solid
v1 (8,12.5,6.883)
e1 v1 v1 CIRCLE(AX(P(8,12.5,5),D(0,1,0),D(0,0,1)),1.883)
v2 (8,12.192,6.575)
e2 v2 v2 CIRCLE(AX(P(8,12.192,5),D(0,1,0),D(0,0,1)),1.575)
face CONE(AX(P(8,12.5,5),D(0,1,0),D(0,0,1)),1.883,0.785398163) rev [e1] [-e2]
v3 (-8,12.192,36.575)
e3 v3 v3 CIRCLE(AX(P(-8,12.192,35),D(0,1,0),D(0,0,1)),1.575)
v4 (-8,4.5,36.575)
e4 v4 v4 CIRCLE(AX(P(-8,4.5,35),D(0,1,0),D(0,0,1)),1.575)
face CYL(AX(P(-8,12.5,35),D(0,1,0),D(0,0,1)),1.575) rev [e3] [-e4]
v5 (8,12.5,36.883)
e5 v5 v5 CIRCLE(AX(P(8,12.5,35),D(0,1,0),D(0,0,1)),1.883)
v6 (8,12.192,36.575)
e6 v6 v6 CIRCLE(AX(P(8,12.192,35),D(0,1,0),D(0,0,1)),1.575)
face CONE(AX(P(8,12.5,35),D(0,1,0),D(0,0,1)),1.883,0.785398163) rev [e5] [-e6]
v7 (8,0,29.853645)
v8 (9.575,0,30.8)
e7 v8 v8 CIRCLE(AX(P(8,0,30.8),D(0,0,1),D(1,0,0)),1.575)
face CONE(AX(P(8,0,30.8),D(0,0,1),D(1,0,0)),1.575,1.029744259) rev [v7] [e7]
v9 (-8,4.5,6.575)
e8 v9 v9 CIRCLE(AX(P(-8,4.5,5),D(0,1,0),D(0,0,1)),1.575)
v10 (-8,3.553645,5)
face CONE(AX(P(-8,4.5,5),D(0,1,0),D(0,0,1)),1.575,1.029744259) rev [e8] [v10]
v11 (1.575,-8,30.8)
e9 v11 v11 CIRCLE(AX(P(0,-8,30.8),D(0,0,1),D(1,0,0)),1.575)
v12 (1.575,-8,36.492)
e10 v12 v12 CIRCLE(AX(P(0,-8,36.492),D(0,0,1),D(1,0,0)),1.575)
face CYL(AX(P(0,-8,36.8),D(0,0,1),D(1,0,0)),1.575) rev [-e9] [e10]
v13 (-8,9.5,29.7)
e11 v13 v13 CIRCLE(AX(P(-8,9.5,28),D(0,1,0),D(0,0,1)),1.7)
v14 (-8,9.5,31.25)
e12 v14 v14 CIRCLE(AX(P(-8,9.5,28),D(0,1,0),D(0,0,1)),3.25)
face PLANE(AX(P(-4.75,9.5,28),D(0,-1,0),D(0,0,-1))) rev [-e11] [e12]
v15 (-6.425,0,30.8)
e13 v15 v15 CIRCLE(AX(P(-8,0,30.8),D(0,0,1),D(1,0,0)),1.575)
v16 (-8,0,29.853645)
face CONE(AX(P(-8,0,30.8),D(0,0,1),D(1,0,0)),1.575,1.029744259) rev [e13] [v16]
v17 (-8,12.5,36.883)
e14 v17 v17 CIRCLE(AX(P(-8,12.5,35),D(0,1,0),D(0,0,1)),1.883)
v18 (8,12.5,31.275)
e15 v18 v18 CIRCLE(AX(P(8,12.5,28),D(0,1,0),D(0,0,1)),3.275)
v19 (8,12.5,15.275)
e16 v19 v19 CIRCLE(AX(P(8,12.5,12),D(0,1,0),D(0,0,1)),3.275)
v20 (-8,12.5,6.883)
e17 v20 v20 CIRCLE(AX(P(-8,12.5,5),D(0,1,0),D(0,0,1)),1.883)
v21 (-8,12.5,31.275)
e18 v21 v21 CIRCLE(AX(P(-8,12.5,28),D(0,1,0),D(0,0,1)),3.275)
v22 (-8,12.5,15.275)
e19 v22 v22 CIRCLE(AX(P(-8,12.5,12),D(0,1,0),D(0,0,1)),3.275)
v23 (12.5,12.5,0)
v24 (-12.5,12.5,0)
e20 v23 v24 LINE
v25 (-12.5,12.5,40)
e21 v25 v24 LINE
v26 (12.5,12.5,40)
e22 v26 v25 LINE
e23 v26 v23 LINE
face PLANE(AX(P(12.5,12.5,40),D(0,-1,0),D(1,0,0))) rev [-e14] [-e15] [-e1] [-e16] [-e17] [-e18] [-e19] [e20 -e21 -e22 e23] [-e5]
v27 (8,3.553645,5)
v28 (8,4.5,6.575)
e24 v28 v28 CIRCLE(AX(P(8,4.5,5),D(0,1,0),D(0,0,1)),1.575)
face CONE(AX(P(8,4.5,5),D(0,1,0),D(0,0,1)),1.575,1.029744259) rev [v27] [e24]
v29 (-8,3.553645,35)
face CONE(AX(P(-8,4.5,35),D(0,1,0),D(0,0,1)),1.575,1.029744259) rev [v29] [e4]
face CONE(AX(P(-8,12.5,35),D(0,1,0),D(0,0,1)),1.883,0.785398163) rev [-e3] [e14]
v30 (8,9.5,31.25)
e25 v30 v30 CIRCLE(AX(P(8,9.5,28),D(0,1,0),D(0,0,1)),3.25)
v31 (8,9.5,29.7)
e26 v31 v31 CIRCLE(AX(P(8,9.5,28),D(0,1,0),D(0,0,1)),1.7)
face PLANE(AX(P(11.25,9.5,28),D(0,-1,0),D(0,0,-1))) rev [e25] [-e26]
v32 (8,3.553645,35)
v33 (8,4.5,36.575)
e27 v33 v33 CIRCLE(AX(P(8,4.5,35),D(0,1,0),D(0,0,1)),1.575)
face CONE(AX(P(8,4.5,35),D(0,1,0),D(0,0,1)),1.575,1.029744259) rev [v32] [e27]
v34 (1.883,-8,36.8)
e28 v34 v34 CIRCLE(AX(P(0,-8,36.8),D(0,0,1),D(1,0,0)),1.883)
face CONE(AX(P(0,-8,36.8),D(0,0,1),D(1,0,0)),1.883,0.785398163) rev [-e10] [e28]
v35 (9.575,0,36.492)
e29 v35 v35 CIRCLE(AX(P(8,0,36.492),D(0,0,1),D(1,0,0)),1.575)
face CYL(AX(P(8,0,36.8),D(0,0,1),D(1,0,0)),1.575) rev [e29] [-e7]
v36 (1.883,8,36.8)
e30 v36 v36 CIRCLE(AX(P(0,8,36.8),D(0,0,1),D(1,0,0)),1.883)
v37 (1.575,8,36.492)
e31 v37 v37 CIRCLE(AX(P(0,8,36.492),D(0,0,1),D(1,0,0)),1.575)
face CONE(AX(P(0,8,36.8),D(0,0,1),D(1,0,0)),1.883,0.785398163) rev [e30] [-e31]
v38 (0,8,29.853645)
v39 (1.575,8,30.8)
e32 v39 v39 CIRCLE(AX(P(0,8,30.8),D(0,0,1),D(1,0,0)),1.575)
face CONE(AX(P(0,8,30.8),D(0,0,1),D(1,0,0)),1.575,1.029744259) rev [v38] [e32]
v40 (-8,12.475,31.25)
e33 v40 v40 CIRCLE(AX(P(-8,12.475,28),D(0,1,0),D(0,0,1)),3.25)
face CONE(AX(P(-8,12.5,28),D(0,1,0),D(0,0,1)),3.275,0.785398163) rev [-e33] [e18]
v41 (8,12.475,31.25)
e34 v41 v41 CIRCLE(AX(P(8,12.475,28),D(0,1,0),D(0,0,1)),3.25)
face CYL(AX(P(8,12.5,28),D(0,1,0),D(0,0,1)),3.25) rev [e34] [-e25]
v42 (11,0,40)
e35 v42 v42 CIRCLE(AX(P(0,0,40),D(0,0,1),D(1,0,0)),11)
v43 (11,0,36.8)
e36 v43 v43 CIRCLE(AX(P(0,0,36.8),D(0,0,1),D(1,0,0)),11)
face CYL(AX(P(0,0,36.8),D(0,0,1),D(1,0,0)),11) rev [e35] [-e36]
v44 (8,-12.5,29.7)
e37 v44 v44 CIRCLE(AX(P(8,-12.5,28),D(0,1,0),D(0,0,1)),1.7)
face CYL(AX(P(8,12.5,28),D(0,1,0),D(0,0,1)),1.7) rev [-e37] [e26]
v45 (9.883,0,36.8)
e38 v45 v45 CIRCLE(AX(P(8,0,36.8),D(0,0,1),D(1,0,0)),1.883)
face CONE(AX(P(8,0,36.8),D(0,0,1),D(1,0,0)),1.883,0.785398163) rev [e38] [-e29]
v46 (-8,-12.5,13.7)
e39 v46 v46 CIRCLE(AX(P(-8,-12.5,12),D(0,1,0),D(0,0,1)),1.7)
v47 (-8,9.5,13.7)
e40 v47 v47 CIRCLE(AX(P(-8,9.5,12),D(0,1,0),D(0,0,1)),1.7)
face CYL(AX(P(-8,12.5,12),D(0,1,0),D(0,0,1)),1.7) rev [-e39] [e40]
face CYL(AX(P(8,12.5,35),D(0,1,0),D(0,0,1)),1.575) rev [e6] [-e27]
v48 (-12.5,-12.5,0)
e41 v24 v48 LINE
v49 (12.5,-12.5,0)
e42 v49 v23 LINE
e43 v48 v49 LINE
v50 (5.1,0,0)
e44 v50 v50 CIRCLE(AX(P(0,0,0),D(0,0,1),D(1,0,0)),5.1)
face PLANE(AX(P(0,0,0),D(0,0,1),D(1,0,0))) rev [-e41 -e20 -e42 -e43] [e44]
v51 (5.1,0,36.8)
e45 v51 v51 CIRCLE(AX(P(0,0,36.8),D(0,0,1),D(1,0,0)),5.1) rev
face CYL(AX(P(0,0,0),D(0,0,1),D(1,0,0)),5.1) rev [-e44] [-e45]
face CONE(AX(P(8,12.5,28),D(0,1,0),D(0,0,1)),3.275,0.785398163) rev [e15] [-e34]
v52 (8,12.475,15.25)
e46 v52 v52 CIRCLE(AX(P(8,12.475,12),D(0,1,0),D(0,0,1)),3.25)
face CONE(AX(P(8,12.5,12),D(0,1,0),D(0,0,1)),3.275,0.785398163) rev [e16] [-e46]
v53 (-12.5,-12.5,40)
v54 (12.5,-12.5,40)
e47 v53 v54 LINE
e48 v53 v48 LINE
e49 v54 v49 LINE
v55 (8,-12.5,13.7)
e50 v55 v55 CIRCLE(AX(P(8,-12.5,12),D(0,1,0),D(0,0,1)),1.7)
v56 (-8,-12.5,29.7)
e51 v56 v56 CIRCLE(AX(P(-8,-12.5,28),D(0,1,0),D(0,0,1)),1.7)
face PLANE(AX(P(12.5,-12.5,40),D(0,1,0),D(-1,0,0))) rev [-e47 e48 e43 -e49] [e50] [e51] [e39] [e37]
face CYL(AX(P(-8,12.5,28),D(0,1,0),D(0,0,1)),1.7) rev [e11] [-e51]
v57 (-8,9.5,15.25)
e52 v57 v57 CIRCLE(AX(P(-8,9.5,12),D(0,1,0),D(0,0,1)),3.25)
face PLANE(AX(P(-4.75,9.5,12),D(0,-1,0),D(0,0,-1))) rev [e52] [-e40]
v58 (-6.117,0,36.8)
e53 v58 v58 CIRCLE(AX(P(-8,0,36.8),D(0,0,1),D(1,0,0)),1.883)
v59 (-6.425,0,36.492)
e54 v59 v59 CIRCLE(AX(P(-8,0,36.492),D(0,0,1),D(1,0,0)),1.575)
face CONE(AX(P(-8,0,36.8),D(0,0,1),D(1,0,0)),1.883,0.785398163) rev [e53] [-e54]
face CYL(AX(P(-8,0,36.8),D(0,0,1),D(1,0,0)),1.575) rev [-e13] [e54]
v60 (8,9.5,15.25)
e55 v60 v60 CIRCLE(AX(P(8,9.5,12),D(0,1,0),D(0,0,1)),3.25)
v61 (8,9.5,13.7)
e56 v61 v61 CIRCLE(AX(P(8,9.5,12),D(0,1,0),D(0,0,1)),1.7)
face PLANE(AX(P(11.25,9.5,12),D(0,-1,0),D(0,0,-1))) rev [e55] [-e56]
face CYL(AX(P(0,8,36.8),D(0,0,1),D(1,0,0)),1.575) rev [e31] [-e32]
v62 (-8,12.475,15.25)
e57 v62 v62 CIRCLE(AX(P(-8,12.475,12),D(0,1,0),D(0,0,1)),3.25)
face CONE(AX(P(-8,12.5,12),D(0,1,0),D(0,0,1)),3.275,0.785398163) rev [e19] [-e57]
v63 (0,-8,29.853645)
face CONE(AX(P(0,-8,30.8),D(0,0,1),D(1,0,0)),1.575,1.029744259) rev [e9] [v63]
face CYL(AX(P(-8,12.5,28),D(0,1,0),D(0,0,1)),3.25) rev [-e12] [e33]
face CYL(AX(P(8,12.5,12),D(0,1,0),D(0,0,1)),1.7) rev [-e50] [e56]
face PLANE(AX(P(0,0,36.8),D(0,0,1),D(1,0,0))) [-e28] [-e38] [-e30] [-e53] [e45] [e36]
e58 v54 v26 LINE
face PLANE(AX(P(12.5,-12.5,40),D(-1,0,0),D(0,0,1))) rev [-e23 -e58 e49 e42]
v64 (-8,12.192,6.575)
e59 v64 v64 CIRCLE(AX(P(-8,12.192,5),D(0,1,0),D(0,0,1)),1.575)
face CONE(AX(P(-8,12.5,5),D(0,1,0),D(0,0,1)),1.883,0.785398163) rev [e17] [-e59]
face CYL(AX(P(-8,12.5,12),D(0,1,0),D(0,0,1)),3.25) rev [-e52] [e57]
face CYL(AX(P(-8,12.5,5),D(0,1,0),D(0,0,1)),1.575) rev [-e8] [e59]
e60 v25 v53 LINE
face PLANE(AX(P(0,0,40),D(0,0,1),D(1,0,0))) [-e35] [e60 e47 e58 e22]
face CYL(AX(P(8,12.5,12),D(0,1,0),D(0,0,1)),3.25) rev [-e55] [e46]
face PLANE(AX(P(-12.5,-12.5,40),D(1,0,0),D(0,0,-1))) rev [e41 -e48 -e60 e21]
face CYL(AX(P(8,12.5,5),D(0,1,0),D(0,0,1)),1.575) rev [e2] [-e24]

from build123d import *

# Parameters (mm, degrees)
ESBO_O1_W                                         = 25
ESBO_O1_H                                         = 25
RESSALTO_EXTRUS_O1_DEPTH                          = 40
ESBO_O2_R                                         = 5.1
CORTE_EXTRUS_O1_DEPTH                             = 41
ESBO_O3_R                                         = 11
CORTE_EXTRUS_O2_DEPTH                             = 3.2
FURO_ROSCADO_PARA_CONDU_TE_DE_M3X0_52_D           = 3.15
FURO_ROSCADO_PARA_CONDU_TE_DE_M3X0_52_DEPTH       = 6
FURO_ROSCADO_PARA_CONDU_TE_DE_M3X0_52_CSINK_D     = 3.766
FURO_ROSCADO_PARA_CONDU_TE_DE_M3X0_52_CSINK_ANGLE = 90
FURO_ROSCADO_PARA_CONDU_TE_DE_M3X0_52_TIP         = 0.946355475
REBAIXO_PARA_SHCS_M31_AT_2_COUNT                  = 2
REBAIXO_PARA_SHCS_M31_AT_2_PITCH                  = 16
REBAIXO_PARA_SHCS_M31_AT_3_COUNT                  = 2
REBAIXO_PARA_SHCS_M31_AT_3_PITCH                  = 16
REBAIXO_PARA_SHCS_M31_AT_4_COUNT                  = 2
REBAIXO_PARA_SHCS_M31_AT_4_PITCH                  = 22.627416998
FURO_ROSCADO_PARA_CONDU_TE_DE_M3X0_53_D           = 3.15
FURO_ROSCADO_PARA_CONDU_TE_DE_M3X0_53_DEPTH       = 8
FURO_ROSCADO_PARA_CONDU_TE_DE_M3X0_53_CSINK_D     = 3.766
FURO_ROSCADO_PARA_CONDU_TE_DE_M3X0_53_CSINK_ANGLE = 90
FURO_ROSCADO_PARA_CONDU_TE_DE_M3X0_53_TIP         = 0.946355475


with BuildPart() as part:
    # Esboço1 → Ressalto-extrusão1 (new body)
    with BuildSketch(Plane.XY):
        Rectangle(ESBO_O1_W, ESBO_O1_H)
    extrude(amount=RESSALTO_EXTRUS_O1_DEPTH)

    # Esboço2 → Corte-extrusão1 (cut, through all)
    with BuildSketch(Plane.XY.offset(40)):
        Circle(ESBO_O2_R)
    extrude(amount=-CORTE_EXTRUS_O1_DEPTH, mode=Mode.SUBTRACT)

    # Esboço3 → Corte-extrusão2 (cut)
    with BuildSketch(Plane.XY.offset(40)):
        Circle(ESBO_O3_R)
    extrude(amount=-CORTE_EXTRUS_O2_DEPTH, mode=Mode.SUBTRACT)

    # Furo roscado para conduíte de M3x0.52
    with Locations(Plane.XY.offset(36.8)):
        with Locations((0, 8), (8, 0), (0, -8), (-8, 0)):
            CounterSinkHole(FURO_ROSCADO_PARA_CONDU_TE_DE_M3X0_52_D / 2, FURO_ROSCADO_PARA_CONDU_TE_DE_M3X0_52_CSINK_D / 2, depth=FURO_ROSCADO_PARA_CONDU_TE_DE_M3X0_52_DEPTH, counter_sink_angle=FURO_ROSCADO_PARA_CONDU_TE_DE_M3X0_52_CSINK_ANGLE)
            with Locations((0, 0, -(FURO_ROSCADO_PARA_CONDU_TE_DE_M3X0_52_DEPTH + FURO_ROSCADO_PARA_CONDU_TE_DE_M3X0_52_TIP / 2))):  # 118° drill point
                Cone(0, FURO_ROSCADO_PARA_CONDU_TE_DE_M3X0_52_D / 2, FURO_ROSCADO_PARA_CONDU_TE_DE_M3X0_52_TIP, mode=Mode.SUBTRACT)

    # Esboço13 → Rebaixo para SHCS M31 (revolve, cut)
    with BuildSketch(Plane(origin=(-8, 12.5, 12), x_dir=(0, 0, 1), z_dir=(1, 0, 0))):
        Polygon((0, 0), (0, 25), (1.7, 25), (1.7, 3), (3.25, 3), (3.25, 0.025), (3.275, 0), align=None)
    rebaixo_para_shcs_m31 = revolve(axis=Axis((-8, 18.85, 12), (0, -1, 0)), mode=Mode.SUBTRACT)

    # Rebaixo para SHCS M31 at 2: Rebaixo para SHCS M31 ×2
    with Locations(*[(i * REBAIXO_PARA_SHCS_M31_AT_2_PITCH, 0, 0) for i in range(1, REBAIXO_PARA_SHCS_M31_AT_2_COUNT)]):
        add(rebaixo_para_shcs_m31, mode=Mode.SUBTRACT)

    # Rebaixo para SHCS M31 at 3: Rebaixo para SHCS M31 ×2
    with Locations(*[(0, 0, i * REBAIXO_PARA_SHCS_M31_AT_3_PITCH) for i in range(1, REBAIXO_PARA_SHCS_M31_AT_3_COUNT)]):
        add(rebaixo_para_shcs_m31, mode=Mode.SUBTRACT)

    # Rebaixo para SHCS M31 at 4: Rebaixo para SHCS M31 ×2
    with Locations(*[Vector(0.707106781, 0, 0.707106781) * (i * REBAIXO_PARA_SHCS_M31_AT_4_PITCH) for i in range(1, REBAIXO_PARA_SHCS_M31_AT_4_COUNT)]):
        add(rebaixo_para_shcs_m31, mode=Mode.SUBTRACT)

    # Furo roscado para conduíte de M3x0.53
    with Locations(Plane(origin=(0, 12.5, 0), x_dir=(1, 0, 0), z_dir=(0, 1, 0))):
        with Locations((-8, -5), (8, -5), (-8, -35), (8, -35)):
            CounterSinkHole(FURO_ROSCADO_PARA_CONDU_TE_DE_M3X0_53_D / 2, FURO_ROSCADO_PARA_CONDU_TE_DE_M3X0_53_CSINK_D / 2, depth=FURO_ROSCADO_PARA_CONDU_TE_DE_M3X0_53_DEPTH, counter_sink_angle=FURO_ROSCADO_PARA_CONDU_TE_DE_M3X0_53_CSINK_ANGLE)
            with Locations((0, 0, -(FURO_ROSCADO_PARA_CONDU_TE_DE_M3X0_53_DEPTH + FURO_ROSCADO_PARA_CONDU_TE_DE_M3X0_53_TIP / 2))):  # 118° drill point
                Cone(0, FURO_ROSCADO_PARA_CONDU_TE_DE_M3X0_53_D / 2, FURO_ROSCADO_PARA_CONDU_TE_DE_M3X0_53_TIP, mode=Mode.SUBTRACT)


solid = part.part
